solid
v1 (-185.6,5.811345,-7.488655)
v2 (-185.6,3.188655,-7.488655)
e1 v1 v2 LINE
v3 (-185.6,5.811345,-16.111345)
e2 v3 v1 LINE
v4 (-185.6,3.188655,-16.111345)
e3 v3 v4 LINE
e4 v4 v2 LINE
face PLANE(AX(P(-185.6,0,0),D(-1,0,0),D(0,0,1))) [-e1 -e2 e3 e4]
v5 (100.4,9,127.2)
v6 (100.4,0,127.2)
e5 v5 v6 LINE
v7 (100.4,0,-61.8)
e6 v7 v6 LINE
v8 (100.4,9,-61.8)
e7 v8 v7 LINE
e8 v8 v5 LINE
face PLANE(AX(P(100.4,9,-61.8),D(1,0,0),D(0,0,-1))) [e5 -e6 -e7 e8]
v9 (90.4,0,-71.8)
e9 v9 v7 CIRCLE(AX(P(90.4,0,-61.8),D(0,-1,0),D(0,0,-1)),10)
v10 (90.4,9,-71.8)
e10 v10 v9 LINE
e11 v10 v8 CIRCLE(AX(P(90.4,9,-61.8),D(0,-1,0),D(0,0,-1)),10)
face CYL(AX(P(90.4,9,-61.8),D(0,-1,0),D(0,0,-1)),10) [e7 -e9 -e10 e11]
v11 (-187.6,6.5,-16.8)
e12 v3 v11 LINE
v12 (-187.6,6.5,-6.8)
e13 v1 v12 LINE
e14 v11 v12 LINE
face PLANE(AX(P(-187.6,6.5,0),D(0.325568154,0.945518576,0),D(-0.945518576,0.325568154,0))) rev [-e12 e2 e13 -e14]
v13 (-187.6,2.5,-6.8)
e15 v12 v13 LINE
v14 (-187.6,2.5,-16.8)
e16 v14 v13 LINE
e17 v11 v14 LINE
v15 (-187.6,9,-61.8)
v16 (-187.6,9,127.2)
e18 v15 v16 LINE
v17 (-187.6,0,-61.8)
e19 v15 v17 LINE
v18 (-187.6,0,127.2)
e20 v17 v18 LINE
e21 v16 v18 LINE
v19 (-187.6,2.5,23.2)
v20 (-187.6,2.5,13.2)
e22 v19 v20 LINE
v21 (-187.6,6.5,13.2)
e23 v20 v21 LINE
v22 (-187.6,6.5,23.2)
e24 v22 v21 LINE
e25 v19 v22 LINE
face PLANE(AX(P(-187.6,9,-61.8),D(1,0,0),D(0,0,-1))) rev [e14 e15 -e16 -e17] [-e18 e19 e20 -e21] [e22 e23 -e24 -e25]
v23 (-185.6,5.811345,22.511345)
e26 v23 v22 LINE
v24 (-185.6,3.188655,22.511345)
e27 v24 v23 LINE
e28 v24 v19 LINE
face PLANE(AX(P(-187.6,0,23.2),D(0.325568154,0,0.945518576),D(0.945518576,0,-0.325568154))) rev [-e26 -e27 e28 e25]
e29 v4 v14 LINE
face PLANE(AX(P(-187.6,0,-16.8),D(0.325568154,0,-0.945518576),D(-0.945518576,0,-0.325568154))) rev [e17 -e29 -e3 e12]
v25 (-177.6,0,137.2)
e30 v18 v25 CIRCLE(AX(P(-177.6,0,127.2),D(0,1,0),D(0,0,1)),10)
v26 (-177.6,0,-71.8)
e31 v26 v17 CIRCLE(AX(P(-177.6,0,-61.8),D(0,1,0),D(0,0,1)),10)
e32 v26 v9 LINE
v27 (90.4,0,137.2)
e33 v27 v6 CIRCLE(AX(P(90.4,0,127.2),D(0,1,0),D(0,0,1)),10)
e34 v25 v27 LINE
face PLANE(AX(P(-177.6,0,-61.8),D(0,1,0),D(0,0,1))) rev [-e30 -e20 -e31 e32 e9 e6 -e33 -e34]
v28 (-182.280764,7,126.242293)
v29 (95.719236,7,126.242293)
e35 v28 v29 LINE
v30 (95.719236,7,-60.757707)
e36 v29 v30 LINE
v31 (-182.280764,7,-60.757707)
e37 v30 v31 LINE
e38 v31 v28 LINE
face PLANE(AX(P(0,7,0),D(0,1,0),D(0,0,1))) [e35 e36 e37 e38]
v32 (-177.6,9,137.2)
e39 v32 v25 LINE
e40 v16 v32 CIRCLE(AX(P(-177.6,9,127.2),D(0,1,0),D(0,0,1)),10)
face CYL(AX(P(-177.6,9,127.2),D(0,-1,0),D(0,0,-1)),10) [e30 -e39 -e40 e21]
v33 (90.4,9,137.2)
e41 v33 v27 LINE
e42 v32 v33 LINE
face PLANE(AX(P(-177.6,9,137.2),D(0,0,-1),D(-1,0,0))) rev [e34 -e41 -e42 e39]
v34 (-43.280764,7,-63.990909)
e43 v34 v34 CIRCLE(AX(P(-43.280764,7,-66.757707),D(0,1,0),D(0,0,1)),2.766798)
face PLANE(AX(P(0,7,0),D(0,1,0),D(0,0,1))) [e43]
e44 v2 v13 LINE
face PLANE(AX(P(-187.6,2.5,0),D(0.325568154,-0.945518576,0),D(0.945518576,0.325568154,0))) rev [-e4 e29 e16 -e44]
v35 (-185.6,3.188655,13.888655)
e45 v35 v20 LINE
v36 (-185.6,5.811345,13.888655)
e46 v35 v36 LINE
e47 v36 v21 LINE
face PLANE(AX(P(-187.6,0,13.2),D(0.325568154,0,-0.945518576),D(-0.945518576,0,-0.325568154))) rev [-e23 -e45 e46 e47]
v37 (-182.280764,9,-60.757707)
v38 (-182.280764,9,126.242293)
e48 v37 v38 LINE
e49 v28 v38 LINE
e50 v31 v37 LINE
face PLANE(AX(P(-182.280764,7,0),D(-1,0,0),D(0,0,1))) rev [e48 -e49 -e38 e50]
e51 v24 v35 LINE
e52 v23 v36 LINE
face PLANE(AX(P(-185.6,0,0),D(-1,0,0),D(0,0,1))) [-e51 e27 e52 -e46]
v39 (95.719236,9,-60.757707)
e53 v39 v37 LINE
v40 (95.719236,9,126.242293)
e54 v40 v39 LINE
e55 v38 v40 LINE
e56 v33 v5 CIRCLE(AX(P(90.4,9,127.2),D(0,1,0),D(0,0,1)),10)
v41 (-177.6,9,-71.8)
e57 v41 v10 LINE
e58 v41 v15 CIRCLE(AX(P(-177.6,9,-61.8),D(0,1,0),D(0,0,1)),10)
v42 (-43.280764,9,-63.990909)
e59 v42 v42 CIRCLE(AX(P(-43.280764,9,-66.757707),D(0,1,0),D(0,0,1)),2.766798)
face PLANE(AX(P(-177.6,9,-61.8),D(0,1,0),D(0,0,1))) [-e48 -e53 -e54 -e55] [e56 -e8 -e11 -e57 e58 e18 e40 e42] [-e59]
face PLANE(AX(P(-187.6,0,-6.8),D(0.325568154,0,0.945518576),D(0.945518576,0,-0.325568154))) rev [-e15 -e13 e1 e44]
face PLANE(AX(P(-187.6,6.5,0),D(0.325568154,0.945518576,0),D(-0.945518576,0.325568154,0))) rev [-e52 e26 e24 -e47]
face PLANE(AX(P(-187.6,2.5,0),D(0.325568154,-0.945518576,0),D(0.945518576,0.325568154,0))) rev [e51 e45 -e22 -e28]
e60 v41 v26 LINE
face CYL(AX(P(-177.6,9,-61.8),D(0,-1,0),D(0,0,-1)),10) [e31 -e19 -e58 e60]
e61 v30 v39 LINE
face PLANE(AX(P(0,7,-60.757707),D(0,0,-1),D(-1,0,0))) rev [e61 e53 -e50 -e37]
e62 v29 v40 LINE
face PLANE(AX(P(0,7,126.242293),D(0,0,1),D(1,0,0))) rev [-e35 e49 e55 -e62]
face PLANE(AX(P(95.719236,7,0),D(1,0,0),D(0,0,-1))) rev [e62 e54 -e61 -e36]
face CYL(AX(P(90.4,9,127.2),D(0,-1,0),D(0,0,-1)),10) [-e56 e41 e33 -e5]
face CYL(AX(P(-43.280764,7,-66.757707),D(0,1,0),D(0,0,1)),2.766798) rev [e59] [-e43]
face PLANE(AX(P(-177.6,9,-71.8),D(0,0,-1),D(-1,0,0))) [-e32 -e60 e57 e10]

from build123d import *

# Parameters (mm, degrees)
BOSS_EXTRUDE1_DEPTH          = 9
SKETCH2_R                    = 2.766798225
SKETCH2_W                    = 278
SKETCH2_H                    = 187
CUT_EXTRUDE1_DEPTH           = 2
SKETCH4_W                    = 10
SKETCH4_H                    = 4
CUT_EXTRUDE2_DEPTH           = 2
CUT_EXTRUDE2_DRAFT           = -19
CUT_EXTRUDE2_PROFILE_2_DEPTH = 2
CUT_EXTRUDE2_PROFILE_2_DRAFT = -19


with BuildPart() as part:
    # Sketch1 → Boss-Extrude1 (new body)
    with BuildSketch(Plane(origin=(0, 0, 0), x_dir=(1, 0, 0), z_dir=(0, 1, 0))):
        with BuildLine():
            Line((-177.6, 71.8), (90.4, 71.8))
            ThreePointArc((90.4, 71.8), (97.471067812, 68.871067812), (100.4, 61.8))
            Line((100.4, 61.8), (100.4, -127.2))
            ThreePointArc((100.4, -127.2), (97.471067812, -134.271067812), (90.4, -137.2))
            Line((90.4, -137.2), (-177.6, -137.2))
            ThreePointArc((-177.6, -137.2), (-184.671067812, -134.271067812), (-187.6, -127.2))
            Line((-187.6, -127.2), (-187.6, 61.8))
            ThreePointArc((-187.6, 61.8), (-184.671067812, 68.871067812), (-177.6, 71.8))
        make_face()
    extrude(amount=BOSS_EXTRUDE1_DEPTH)

    # Sketch2 → Cut-Extrude1 (cut)
    with BuildSketch(Plane(origin=(0, 9, 0), x_dir=(1, 0, 0), z_dir=(0, 1, 0))):
        with Locations(Location((-43.280764326, 66.757707022, 0), (0, 0, 270))):
            Circle(SKETCH2_R)
        with Locations((-43.280764326, -32.742292978)):
            Rectangle(SKETCH2_W, SKETCH2_H)
    extrude(amount=-CUT_EXTRUDE1_DEPTH, mode=Mode.SUBTRACT)


with BuildPart() as cut_extrude2_tool:
    # Sketch4 → Cut-Extrude2 (with draft: the straight prism first)
    with BuildSketch(Plane.ZY.offset(187.6)):
        with Locations((-11.8, 4.5)):
            Rectangle(SKETCH4_W, SKETCH4_H)
    extrude(amount=-CUT_EXTRUDE2_DEPTH)
    # Cut-Extrude2: the draft: its side faces are tilted about the plane it starts from
    cut_extrude2_sides = [cut_extrude2_tool.faces().sort_by_distance(p)[0] for p in [
        (-186.6, 6.5, -11.8),
        (-186.6, 4.5, -16.8),
        (-186.6, 2.5, -11.8),
        (-186.6, 4.5, -6.8),
    ]]
    draft(cut_extrude2_sides, Plane.ZY.offset(187.6), CUT_EXTRUDE2_DRAFT)


with BuildPart() as part_1:
    add(part.part)

    # Cut-Extrude2: cut by cut_extrude2_tool
    add(cut_extrude2_tool.part, mode=Mode.SUBTRACT)


with BuildPart() as cut_extrude2_profile_2_tool:
    # Sketch4 → Cut-Extrude2 profile 2 (with draft: the straight prism first)
    with BuildSketch(Plane.ZY.offset(187.6)):
        with Locations((18.2, 4.5)):
            Rectangle(SKETCH4_W, SKETCH4_H)
    extrude(amount=-CUT_EXTRUDE2_PROFILE_2_DEPTH)
    # Cut-Extrude2 profile 2: the draft: its side faces are tilted about the plane it starts from
    cut_extrude2_profile_2_sides = [cut_extrude2_profile_2_tool.faces().sort_by_distance(p)[0] for p in [
        (-186.6, 2.5, 18.2),
        (-186.6, 4.5, 23.2),
        (-186.6, 6.5, 18.2),
        (-186.6, 4.5, 13.2),
    ]]
    draft(cut_extrude2_profile_2_sides, Plane.ZY.offset(187.6), CUT_EXTRUDE2_PROFILE_2_DRAFT)


with BuildPart() as part_2:
    add(part_1.part)

    # Cut-Extrude2 profile 2: cut by cut_extrude2_profile_2_tool
    add(cut_extrude2_profile_2_tool.part, mode=Mode.SUBTRACT)


solid = part_2.part
